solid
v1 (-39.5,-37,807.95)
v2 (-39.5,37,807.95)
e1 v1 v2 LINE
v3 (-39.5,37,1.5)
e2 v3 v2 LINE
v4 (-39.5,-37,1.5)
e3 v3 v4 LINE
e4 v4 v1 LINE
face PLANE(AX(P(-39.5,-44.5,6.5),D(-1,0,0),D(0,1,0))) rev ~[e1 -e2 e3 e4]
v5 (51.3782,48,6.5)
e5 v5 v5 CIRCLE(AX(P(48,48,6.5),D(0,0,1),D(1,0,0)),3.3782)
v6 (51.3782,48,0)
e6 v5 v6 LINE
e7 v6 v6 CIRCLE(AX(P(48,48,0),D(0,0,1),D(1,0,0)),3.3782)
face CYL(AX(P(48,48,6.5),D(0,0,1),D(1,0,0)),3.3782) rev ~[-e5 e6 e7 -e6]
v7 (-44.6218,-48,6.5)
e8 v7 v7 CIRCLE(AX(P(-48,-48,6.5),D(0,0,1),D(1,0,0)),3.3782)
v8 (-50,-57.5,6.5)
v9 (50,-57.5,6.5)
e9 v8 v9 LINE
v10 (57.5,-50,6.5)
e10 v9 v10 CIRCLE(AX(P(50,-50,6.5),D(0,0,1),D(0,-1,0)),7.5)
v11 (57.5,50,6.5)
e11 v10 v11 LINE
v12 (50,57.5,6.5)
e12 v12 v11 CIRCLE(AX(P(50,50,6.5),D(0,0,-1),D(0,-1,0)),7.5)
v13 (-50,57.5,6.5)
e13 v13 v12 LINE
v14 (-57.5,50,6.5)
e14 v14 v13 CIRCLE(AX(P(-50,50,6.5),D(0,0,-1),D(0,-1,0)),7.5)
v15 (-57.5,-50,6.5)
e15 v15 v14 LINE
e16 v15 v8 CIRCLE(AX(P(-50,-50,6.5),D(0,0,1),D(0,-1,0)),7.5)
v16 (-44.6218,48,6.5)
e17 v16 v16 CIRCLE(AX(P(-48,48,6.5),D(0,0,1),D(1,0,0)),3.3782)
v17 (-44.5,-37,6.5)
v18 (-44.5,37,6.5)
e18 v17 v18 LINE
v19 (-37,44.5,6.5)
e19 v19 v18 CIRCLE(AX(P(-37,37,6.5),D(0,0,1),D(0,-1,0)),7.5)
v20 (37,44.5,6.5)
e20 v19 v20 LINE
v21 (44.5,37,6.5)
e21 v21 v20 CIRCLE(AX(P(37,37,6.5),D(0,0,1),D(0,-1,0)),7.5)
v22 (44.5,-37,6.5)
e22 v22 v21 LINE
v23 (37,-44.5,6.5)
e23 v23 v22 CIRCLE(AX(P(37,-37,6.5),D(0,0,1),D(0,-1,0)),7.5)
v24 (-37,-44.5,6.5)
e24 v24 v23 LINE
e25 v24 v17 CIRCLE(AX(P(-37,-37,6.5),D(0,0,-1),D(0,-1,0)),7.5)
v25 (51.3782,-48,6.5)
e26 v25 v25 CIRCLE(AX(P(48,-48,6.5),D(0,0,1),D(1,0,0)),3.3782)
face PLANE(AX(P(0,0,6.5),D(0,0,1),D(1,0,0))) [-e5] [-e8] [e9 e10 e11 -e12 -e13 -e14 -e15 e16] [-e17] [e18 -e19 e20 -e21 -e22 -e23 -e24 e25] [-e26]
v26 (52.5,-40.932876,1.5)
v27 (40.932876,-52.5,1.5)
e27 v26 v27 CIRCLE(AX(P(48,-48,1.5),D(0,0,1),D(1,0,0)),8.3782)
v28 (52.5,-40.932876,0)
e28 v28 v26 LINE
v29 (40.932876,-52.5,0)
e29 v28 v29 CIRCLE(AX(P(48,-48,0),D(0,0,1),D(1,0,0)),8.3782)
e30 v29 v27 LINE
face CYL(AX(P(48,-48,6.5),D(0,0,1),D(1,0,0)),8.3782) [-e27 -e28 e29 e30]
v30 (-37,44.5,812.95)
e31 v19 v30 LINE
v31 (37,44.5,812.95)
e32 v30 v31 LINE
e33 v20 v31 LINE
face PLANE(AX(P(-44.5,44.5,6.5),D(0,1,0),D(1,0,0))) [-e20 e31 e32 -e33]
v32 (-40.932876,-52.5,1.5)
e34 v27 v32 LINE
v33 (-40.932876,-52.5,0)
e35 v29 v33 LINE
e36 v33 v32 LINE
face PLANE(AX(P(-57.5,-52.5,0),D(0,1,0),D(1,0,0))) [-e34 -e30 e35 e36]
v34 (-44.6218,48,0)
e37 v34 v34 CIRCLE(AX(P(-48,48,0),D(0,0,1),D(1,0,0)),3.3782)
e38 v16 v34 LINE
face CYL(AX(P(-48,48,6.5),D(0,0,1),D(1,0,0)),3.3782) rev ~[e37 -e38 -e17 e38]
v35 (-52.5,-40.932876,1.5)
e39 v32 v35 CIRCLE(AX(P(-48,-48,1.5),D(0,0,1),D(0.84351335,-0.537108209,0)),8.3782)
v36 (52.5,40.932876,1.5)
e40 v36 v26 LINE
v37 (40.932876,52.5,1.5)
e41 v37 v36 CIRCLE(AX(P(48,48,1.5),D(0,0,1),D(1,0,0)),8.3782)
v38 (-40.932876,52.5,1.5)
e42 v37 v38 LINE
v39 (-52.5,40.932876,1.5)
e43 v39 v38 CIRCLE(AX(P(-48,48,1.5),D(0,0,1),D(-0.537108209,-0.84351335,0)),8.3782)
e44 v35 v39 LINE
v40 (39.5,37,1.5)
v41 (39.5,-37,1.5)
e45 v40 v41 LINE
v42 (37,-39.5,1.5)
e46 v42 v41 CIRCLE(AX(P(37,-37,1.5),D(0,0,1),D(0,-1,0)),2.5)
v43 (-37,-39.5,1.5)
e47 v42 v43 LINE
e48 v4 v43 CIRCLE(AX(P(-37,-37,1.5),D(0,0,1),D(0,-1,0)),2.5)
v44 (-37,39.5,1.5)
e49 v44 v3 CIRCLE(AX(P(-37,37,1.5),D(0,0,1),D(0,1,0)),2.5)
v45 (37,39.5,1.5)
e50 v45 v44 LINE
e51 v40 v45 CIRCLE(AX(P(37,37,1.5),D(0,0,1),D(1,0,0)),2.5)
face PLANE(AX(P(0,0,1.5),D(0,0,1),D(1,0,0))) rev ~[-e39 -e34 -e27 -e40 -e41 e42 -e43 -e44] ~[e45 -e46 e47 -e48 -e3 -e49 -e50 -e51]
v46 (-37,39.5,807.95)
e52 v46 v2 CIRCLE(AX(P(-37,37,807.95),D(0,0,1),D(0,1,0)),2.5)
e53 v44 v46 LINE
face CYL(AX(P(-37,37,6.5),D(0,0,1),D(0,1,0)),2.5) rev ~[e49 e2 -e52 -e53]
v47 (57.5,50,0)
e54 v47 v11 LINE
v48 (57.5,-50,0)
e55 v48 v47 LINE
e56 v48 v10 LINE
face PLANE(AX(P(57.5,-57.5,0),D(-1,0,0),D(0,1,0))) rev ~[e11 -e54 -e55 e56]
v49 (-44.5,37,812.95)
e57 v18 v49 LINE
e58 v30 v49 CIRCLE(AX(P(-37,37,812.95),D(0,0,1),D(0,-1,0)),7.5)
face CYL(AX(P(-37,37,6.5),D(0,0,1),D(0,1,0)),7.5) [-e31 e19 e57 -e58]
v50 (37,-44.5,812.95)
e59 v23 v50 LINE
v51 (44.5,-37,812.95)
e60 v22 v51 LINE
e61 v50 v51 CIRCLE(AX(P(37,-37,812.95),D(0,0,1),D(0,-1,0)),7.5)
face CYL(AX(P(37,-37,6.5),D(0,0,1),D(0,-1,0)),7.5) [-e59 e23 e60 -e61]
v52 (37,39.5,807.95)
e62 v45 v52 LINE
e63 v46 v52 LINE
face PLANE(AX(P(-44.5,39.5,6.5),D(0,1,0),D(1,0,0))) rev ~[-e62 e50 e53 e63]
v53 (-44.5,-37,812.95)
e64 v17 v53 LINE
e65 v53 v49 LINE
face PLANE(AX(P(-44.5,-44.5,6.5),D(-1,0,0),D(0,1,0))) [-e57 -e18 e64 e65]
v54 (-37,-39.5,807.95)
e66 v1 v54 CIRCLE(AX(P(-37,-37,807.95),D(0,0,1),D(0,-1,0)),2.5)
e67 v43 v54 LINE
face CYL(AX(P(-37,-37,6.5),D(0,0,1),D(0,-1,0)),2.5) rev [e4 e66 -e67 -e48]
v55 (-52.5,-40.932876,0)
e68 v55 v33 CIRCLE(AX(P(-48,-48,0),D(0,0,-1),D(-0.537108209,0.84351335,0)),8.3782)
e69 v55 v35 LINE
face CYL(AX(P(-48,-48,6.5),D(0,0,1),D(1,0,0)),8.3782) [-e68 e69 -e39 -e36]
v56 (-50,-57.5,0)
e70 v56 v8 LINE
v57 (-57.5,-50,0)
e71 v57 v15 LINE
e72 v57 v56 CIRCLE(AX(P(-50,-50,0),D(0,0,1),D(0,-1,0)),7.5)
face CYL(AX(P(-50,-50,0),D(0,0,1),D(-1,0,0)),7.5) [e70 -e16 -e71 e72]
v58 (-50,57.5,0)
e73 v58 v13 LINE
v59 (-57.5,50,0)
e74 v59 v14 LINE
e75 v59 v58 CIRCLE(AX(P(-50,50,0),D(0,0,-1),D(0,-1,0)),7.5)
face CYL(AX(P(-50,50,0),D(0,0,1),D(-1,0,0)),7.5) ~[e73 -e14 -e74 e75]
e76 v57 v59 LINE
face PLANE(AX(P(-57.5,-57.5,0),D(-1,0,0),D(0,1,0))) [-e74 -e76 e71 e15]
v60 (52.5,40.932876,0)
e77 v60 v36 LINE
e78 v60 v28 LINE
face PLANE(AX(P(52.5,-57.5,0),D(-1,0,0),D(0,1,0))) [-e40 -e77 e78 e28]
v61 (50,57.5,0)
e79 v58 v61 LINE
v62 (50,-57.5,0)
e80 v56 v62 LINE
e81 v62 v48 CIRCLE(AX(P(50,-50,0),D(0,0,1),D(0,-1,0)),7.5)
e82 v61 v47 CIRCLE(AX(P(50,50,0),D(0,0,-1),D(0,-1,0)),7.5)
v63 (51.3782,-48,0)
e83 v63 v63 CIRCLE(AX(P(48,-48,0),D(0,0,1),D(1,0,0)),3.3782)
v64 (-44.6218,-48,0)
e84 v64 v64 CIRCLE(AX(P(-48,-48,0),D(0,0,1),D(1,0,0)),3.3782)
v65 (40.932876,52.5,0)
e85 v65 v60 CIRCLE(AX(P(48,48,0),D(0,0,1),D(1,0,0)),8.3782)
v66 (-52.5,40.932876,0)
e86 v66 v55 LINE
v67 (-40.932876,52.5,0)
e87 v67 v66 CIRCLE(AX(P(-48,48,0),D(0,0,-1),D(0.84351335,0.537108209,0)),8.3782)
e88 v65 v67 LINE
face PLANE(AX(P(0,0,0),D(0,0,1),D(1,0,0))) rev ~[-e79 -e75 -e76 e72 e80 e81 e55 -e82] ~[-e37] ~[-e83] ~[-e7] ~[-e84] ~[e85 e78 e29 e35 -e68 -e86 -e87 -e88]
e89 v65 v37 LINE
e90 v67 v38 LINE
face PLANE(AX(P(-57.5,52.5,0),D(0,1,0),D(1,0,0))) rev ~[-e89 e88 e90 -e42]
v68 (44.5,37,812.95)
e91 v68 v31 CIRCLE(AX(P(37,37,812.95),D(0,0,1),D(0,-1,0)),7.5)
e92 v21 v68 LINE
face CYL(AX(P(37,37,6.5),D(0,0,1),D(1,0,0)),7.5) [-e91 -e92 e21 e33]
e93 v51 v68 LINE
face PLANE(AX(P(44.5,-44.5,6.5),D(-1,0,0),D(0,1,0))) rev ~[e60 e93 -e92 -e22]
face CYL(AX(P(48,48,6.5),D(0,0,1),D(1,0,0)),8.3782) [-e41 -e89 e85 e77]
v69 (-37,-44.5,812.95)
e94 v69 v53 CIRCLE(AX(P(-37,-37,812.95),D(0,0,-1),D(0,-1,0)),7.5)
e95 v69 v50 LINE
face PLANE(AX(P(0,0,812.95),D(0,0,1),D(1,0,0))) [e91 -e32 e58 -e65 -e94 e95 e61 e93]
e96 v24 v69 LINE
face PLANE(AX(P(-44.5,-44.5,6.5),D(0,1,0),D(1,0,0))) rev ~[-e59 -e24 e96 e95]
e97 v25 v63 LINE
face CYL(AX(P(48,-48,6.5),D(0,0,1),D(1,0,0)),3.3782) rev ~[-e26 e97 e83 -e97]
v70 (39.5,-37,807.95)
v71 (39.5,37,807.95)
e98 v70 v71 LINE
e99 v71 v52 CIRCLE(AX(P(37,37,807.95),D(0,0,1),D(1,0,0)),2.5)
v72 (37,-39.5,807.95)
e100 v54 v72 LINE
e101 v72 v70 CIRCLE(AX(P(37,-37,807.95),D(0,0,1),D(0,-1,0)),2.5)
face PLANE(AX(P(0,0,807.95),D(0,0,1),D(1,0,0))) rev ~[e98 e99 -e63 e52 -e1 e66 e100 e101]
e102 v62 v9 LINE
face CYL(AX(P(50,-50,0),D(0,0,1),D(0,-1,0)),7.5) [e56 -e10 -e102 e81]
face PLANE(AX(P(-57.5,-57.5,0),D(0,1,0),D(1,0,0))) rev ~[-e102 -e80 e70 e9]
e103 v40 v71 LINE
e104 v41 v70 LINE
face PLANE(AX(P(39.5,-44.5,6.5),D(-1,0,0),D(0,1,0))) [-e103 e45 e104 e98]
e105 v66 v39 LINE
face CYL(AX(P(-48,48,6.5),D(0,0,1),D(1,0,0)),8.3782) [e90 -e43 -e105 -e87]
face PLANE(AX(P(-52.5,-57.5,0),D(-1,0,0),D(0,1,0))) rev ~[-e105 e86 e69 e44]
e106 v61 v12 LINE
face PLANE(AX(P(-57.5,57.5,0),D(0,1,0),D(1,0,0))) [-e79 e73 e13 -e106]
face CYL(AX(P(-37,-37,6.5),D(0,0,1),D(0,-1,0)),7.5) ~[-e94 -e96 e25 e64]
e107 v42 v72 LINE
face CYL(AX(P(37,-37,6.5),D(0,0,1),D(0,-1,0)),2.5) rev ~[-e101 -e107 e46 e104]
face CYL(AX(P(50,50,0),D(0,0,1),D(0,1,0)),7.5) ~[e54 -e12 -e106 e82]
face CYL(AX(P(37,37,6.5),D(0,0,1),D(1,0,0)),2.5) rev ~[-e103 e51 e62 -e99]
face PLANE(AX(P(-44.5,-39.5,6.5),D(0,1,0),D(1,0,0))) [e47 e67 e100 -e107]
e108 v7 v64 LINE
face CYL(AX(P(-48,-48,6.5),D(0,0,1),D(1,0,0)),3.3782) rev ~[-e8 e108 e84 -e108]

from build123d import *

# Parameters (mm, degrees)
SKETCH1_W           = 115
SKETCH1_H           = 115
BOSS_EXTRUDE1_DEPTH = 6.5
SKETCH2_W           = 89
SKETCH2_H           = 89
BOSS_EXTRUDE2_DEPTH = 806.45
FILLET1_R           = 7.5
SKETCH3_R           = 3.3782
CUT_EXTRUDE1_DEPTH  = 6.5
SHELL1_T            = -5


with BuildPart() as part:
    # Sketch1 → Boss-Extrude1 (new body)
    with BuildSketch(Plane.XY):
        Rectangle(SKETCH1_W, SKETCH1_H)
    extrude(amount=BOSS_EXTRUDE1_DEPTH)

    # Sketch2 → Boss-Extrude2 (add)
    with BuildSketch(Plane.XY.offset(6.5)):
        Rectangle(SKETCH2_W, SKETCH2_H)
    extrude(amount=BOSS_EXTRUDE2_DEPTH)

    # Fillet1
    fillet1_edges = [part.edges().sort_by_distance(p)[0] for p in [
        (44.5, -44.5, 409.725),
        (44.5, 44.5, 409.725),
        (-44.5, 44.5, 409.725),
        (-44.5, -44.5, 409.725),
        (57.5, -57.5, 3.25),
        (-57.5, -57.5, 3.25),
        (-57.5, 57.5, 3.25),
        (57.5, 57.5, 3.25),
    ]]
    fillet(fillet1_edges, radius=FILLET1_R)

    # Sketch3 → Cut-Extrude1 (cut)
    with BuildSketch(Plane.XY.offset(6.5)):
        with Locations((48, -48)):
            Circle(SKETCH3_R)
        with Locations((-48, 48)):
            Circle(SKETCH3_R)
        with Locations((48, 48)):
            Circle(SKETCH3_R)
        with Locations((-48, -48)):
            Circle(SKETCH3_R)
    extrude(amount=-CUT_EXTRUDE1_DEPTH, mode=Mode.SUBTRACT)

    # Shell1
    shell1_openings = [part.faces().sort_by_distance(p)[0] for p in [
        (-51.3782, -48, 0),
    ]]
    offset(amount=SHELL1_T, openings=shell1_openings, kind=Kind.INTERSECTION)


solid = part.part
